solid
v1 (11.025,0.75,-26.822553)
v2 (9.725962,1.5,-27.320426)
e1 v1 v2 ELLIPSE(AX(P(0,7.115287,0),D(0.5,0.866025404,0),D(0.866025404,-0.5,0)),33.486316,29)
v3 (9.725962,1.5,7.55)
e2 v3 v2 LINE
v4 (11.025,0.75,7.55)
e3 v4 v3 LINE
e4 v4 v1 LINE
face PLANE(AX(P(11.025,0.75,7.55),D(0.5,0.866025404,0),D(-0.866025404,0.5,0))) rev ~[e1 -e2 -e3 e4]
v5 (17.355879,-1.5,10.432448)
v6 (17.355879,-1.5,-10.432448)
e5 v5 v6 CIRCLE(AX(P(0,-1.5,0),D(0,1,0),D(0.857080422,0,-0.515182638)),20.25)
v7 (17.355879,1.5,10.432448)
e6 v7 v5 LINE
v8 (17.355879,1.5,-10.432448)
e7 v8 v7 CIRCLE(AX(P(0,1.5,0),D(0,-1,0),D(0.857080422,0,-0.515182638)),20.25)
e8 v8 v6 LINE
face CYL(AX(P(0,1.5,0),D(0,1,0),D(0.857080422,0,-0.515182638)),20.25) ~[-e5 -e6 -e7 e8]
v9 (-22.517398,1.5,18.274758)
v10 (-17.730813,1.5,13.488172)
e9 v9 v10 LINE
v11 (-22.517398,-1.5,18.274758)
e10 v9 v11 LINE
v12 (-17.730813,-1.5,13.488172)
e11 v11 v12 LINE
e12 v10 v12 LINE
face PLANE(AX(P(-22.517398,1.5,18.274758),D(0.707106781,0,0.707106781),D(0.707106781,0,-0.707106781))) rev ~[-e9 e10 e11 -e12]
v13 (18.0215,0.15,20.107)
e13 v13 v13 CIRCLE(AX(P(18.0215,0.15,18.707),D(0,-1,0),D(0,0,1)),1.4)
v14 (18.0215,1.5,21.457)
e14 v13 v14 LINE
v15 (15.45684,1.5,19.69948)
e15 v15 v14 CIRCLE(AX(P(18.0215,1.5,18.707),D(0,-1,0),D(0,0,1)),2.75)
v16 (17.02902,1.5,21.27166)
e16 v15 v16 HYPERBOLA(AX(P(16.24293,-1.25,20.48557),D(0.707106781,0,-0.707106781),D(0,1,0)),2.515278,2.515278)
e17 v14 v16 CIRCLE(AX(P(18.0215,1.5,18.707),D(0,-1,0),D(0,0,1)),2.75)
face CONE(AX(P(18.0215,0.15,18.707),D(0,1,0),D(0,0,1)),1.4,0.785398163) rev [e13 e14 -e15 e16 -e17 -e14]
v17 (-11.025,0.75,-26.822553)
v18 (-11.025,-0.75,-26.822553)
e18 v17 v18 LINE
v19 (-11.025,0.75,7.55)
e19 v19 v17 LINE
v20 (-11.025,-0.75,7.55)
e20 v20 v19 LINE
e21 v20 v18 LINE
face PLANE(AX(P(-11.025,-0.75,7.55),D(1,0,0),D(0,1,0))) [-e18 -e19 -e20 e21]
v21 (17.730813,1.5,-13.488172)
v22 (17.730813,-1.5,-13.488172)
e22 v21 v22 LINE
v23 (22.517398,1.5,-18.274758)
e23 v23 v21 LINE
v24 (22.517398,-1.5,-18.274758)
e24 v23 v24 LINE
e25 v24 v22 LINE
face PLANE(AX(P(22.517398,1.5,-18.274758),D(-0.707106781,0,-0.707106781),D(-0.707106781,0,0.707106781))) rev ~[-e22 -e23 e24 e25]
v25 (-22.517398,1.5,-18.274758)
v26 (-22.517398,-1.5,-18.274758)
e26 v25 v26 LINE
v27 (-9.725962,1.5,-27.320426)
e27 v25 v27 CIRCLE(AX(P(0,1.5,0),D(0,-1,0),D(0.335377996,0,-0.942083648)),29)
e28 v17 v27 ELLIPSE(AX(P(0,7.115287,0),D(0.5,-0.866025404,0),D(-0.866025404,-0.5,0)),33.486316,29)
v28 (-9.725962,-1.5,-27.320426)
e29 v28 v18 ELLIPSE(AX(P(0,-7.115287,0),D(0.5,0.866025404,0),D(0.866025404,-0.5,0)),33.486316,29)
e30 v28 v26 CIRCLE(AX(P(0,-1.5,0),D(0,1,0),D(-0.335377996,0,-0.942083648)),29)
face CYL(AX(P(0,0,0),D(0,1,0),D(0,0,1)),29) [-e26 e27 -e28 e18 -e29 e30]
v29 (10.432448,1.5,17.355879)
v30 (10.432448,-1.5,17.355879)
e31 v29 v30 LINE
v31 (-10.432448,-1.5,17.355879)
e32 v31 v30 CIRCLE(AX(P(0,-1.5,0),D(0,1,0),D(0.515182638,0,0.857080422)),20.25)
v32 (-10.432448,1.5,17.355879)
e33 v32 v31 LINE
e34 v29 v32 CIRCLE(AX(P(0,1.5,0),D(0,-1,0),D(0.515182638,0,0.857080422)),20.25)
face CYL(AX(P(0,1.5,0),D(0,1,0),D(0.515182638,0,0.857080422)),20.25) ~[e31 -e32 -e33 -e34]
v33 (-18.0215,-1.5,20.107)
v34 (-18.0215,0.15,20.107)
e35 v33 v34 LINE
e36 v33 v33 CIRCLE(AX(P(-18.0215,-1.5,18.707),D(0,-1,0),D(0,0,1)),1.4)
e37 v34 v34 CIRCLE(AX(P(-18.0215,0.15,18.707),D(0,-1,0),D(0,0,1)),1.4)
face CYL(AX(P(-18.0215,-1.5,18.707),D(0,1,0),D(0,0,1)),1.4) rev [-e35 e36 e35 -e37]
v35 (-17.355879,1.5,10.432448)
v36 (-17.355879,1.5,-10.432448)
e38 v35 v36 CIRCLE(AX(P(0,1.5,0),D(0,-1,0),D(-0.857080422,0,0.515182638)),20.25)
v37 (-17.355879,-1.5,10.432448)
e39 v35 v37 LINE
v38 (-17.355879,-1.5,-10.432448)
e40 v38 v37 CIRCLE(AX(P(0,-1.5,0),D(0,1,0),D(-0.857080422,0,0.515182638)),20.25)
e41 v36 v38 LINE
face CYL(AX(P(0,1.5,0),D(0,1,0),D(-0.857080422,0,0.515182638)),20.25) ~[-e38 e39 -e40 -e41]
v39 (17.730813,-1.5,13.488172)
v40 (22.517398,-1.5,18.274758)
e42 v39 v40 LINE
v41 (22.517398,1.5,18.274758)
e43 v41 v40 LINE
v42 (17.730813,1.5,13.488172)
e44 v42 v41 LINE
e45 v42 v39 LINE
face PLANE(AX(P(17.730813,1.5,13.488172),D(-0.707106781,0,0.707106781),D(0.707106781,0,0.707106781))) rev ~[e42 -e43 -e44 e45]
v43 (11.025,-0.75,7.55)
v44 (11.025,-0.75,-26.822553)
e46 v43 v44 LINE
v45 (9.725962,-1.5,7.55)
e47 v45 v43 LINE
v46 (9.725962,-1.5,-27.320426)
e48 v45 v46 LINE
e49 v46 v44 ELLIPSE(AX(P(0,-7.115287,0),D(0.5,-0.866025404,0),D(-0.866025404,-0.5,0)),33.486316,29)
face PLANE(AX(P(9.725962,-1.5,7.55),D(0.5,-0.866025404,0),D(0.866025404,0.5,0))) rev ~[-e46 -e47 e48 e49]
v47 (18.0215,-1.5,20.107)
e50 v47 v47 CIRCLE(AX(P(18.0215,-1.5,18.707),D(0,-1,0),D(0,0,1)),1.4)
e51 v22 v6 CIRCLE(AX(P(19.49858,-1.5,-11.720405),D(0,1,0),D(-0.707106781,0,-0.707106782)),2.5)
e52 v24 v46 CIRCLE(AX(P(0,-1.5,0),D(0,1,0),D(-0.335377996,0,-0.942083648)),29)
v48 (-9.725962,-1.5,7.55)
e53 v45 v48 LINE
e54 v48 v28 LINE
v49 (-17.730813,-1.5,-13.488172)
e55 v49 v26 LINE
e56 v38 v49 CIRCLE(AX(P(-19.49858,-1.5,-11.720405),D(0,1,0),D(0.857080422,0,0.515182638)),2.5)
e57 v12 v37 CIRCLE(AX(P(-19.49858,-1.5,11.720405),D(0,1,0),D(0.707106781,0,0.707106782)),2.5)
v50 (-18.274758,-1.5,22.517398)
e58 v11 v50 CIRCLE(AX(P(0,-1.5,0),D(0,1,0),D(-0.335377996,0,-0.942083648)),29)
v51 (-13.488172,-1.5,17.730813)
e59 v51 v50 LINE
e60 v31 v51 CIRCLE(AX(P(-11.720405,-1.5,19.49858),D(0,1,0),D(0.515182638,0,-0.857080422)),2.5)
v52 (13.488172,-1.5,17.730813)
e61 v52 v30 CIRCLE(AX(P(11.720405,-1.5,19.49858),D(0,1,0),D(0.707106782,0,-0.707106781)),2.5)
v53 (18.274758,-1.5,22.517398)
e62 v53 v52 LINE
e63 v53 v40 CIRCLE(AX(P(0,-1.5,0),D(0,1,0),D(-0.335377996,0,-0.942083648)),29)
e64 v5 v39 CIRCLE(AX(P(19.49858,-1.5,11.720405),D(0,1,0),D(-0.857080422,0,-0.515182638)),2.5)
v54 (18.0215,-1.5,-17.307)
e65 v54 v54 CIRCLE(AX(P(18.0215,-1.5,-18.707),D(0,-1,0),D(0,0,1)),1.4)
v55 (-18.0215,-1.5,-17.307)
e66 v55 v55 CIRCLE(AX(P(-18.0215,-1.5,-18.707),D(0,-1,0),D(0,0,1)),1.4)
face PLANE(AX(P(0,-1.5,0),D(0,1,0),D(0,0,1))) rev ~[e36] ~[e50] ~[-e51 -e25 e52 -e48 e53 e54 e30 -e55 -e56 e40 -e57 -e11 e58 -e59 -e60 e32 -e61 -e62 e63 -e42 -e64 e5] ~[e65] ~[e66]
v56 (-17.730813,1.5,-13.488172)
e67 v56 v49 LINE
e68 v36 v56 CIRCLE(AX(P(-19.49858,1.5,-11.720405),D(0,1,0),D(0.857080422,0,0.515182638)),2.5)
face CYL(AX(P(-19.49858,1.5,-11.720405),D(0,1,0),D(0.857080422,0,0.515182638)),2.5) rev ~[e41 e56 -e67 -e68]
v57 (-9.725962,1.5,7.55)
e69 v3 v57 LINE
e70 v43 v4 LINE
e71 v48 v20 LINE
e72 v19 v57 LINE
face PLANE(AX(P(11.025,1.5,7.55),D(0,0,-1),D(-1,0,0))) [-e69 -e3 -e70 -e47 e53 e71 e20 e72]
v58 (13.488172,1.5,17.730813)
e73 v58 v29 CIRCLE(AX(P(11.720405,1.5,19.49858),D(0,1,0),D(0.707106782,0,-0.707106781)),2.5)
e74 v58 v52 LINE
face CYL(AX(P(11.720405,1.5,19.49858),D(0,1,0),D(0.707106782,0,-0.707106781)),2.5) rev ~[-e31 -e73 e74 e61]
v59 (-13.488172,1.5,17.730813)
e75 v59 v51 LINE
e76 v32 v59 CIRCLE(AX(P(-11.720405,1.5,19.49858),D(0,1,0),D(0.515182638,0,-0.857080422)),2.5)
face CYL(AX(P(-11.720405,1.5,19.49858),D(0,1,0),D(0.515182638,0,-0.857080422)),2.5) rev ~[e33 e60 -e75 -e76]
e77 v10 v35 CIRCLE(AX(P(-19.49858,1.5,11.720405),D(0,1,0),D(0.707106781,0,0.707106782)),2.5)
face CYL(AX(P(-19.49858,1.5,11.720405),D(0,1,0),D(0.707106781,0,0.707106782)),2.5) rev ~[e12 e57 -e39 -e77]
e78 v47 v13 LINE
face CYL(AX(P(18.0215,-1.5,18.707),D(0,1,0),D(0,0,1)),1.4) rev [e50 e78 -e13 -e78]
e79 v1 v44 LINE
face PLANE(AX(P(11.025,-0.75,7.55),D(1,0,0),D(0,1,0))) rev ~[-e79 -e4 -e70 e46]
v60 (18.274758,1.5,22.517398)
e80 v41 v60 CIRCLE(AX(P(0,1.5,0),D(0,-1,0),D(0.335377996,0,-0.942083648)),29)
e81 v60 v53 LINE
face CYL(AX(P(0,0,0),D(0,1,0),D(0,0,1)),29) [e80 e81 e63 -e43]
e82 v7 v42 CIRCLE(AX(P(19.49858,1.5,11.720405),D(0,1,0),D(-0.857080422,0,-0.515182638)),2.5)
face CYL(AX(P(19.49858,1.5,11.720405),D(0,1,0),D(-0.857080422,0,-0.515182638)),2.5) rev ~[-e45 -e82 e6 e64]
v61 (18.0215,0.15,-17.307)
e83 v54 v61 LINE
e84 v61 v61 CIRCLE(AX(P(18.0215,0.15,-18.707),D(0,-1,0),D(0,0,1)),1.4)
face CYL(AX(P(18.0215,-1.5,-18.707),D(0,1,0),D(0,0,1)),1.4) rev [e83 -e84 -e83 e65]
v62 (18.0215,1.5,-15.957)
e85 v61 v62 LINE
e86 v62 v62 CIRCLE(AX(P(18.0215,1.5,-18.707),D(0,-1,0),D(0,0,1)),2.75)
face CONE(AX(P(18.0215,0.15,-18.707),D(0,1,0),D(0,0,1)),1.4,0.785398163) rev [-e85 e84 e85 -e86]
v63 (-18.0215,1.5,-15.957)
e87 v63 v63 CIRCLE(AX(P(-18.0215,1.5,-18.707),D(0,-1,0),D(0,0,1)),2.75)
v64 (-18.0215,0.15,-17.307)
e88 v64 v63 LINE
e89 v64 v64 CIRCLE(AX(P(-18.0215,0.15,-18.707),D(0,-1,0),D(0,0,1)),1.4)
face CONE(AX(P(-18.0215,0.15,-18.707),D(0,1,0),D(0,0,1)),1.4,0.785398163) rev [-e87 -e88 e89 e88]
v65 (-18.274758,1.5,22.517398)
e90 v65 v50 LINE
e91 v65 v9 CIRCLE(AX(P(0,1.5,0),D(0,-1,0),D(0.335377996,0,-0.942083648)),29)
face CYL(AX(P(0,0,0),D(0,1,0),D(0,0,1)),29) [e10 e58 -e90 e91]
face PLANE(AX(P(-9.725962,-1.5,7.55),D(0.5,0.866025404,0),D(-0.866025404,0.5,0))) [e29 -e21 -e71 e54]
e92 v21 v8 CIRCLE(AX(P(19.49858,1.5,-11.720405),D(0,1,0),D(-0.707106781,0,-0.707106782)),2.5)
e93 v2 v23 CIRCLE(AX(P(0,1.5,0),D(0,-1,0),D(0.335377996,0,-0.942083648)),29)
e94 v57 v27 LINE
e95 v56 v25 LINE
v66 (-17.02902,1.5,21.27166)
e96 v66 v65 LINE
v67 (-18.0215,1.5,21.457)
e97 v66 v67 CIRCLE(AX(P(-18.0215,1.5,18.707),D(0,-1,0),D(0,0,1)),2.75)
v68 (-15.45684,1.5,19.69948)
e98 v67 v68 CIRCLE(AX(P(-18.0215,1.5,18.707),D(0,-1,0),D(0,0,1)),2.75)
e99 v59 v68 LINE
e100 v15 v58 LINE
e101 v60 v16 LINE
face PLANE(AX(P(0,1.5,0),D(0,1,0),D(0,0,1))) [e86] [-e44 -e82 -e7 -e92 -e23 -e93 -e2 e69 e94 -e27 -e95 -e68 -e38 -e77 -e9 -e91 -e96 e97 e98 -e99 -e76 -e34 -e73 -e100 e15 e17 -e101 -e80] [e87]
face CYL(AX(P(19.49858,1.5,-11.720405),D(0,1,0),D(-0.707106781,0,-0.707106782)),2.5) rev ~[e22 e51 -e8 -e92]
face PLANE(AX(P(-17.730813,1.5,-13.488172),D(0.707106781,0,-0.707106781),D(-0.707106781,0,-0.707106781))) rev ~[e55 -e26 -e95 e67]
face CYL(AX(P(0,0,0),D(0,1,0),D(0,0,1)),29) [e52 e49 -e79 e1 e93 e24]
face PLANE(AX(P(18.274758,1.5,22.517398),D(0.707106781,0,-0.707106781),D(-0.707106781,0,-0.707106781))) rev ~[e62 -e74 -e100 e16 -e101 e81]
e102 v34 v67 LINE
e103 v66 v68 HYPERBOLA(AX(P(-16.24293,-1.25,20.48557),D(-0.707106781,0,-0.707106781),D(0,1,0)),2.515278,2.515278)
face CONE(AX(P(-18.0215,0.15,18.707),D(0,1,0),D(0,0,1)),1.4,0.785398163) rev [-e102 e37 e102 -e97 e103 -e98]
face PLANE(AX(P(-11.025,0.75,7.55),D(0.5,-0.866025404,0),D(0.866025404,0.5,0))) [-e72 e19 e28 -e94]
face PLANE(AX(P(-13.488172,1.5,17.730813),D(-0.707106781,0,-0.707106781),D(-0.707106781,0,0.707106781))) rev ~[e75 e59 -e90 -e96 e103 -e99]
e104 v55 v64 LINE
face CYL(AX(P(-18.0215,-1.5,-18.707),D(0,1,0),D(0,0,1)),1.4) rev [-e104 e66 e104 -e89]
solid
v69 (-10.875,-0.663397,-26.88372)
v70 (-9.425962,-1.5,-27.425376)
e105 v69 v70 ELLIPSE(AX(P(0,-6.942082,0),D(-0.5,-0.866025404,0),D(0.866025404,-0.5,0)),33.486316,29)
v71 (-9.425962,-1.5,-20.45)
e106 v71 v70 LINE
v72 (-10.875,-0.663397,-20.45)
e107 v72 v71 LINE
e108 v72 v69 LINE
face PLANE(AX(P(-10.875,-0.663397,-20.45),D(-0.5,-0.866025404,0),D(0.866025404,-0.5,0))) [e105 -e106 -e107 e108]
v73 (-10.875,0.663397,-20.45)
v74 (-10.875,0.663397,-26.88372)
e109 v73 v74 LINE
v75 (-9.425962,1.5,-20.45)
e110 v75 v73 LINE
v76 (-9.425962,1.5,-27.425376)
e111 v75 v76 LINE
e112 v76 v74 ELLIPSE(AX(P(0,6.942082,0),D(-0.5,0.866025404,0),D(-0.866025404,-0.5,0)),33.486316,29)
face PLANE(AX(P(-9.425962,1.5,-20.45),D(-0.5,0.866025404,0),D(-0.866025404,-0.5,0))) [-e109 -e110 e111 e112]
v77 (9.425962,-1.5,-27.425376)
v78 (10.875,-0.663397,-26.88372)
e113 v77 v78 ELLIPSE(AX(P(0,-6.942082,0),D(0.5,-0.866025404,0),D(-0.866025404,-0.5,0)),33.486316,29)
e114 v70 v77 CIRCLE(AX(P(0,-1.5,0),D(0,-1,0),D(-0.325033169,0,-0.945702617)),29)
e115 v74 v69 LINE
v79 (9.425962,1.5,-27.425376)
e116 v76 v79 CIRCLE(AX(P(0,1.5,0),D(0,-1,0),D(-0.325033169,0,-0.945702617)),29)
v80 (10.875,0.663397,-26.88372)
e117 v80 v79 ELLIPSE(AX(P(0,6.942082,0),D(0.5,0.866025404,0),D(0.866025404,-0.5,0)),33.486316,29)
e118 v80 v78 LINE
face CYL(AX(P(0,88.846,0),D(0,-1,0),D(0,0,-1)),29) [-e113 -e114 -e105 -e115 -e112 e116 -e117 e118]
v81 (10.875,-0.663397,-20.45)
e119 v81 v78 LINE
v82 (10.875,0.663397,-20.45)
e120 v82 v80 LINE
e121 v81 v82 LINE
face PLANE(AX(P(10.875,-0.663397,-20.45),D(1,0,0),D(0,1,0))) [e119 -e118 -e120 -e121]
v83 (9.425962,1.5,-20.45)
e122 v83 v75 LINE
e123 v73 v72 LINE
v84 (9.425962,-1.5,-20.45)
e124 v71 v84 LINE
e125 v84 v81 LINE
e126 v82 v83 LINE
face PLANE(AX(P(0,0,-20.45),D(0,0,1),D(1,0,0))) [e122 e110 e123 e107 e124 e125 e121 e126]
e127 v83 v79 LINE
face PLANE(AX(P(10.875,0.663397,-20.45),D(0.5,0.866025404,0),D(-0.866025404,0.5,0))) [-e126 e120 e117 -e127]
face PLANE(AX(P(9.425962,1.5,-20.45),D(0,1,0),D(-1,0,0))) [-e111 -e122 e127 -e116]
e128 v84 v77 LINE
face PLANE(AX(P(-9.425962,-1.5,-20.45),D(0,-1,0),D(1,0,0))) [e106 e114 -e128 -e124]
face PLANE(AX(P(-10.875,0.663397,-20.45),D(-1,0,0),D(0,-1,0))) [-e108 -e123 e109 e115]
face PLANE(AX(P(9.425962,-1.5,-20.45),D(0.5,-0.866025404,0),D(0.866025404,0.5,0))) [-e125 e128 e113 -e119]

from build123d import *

# Parameters (mm, degrees)
SKETCH1_R                                      = 29
BOSS_EXTRUDE1_DEPTH                            = 1.5
CUT_EXTRUDE1_DEPTH                             = 42.12177039
BOSS_EXTRUDE2_REACH                            = 46.997
BOSS_EXTRUDE2_END_RADIUS                       = 29
BOSS_EXTRUDE3_REACH                            = 59.346
BOSS_EXTRUDE3_END_RADIUS                       = 29
CUT_EXTRUDE8_DEPTH                             = 42.12177039
CSK_FOR_M2_5_FLAT_HEAD_MACHINE_SCREW2_AT_COUNT = 2
CSK_FOR_M2_5_FLAT_HEAD_MACHINE_SCREW2_AT_PITCH = 36.043
CSK_FOR_M2_5_FLAT_HEAD_MACHINE_SCREW_2_COUNT   = 2
CSK_FOR_M2_5_FLAT_HEAD_MACHINE_SCREW_2_PITCH   = 51.950988874
CSK_FOR_M2_5_FLAT_HEAD_MACHINE_SCREW_3_COUNT   = 2
CSK_FOR_M2_5_FLAT_HEAD_MACHINE_SCREW_3_PITCH   = 37.414


with BuildPart() as part:
    # Sketch1 → Boss-Extrude1 (new, symmetric)
    with BuildSketch(Plane(origin=(0, 0, 0), x_dir=(1, 0, 0), z_dir=(0, 1, 0))):
        with Locations(Location((0, 0, 0), (0, 0, 270))):
            Circle(SKETCH1_R)
    extrude(amount=BOSS_EXTRUDE1_DEPTH, both=True)

    # Sketch2 → Cut-Extrude1 (cut, through all)
    with BuildSketch(Plane(origin=(0, 1.5, 0), x_dir=(1, 0, 0), z_dir=(0, 1, 0))):
        Polygon((-11.025, 7.55), (-11.025, 29), (11.025, 29), (11.025, 7.55), (11.025, -7.55), (-11.025, -7.55), align=None)
    extrude(amount=-CUT_EXTRUDE1_DEPTH, mode=Mode.SUBTRACT)

    # Boss-Extrude2: up to this cylinder (the profile starts inside it)
    boss_extrude2_end = Plane(origin=(0, -0.7325095, 0), z_dir=(0, -1, 0)) * Cylinder(BOSS_EXTRUDE2_END_RADIUS, 154.459019, mode=Mode.PRIVATE)
    # Sketch3 → Boss-Extrude2 (add, up to the surface)
    with BuildSketch(Plane(origin=(0, 0, 7.55), x_dir=(-1, 0, 0), z_dir=(0, 0, -1)), mode=Mode.PRIVATE) as boss_extrude2_sk1:
        Polygon((-11.525, -1.5), (-9.725961894, -1.5), (-11.025, -0.75), (-11.025, 0.75), (-9.725961894, 1.5), (-11.525, 1.5), align=None)
    boss_extrude2_tool1 = extrude(boss_extrude2_sk1.sketch, amount=BOSS_EXTRUDE2_REACH, mode=Mode.PRIVATE) & boss_extrude2_end
    add(boss_extrude2_tool1.solids().sort_by_distance((10.625481, -1.465019, 7.55))[0])
    # Sketch3 → Boss-Extrude2 (add, up to the surface)
    with BuildSketch(Plane(origin=(0, 0, 7.55), x_dir=(-1, 0, 0), z_dir=(0, 0, -1)), mode=Mode.PRIVATE) as boss_extrude2_sk2:
        Polygon((11.525, 1.5), (11.525, -1.5), (9.725961894, -1.5), (11.025, -0.75), (11.025, 0.75), (9.725961894, 1.5), align=None)
    boss_extrude2_tool2 = extrude(boss_extrude2_sk2.sketch, amount=BOSS_EXTRUDE2_REACH, mode=Mode.PRIVATE) & boss_extrude2_end
    add(boss_extrude2_tool2.solids().sort_by_distance((-11.490019, 0, 7.55))[0])

    # Sketch17 → Cut-Extrude8 (cut, through all)
    with BuildSketch(Plane(origin=(0, 1.5, 0), x_dir=(1, 0, 0), z_dir=(0, 1, 0))):
        with BuildLine():
            ThreePointArc((-22.517398398, 18.274757711), (-29, 0), (-22.517398398, -18.274757711))
            Line((-22.517398398, -18.274757711), (-17.730812648, -13.488171961))
            ThreePointArc((-17.730812648, -13.488171961), (-17.017188537, -12.024869111), (-17.355878546, -10.432448414))
            ThreePointArc((-17.355878546, -10.432448414), (-20.25, 0), (-17.355878546, 10.432448414))
            ThreePointArc((-17.355878546, 10.432448414), (-17.017188537, 12.024869111), (-17.730812648, 13.488171961))
            Line((-17.730812648, 13.488171961), (-22.517398398, 18.274757711))
        make_face()
        with BuildLine():
            ThreePointArc((-18.274757711, -22.517398398), (0, -29), (18.274757711, -22.517398398))
            Line((18.274757711, -22.517398398), (13.488171961, -17.730812648))
            ThreePointArc((13.488171961, -17.730812648), (12.024869111, -17.017188537), (10.432448414, -17.355878546))
            ThreePointArc((10.432448414, -17.355878546), (0, -20.25), (-10.432448414, -17.355878546))
            ThreePointArc((-10.432448414, -17.355878546), (-12.024869111, -17.017188537), (-13.488171961, -17.730812648))
            Line((-13.488171961, -17.730812648), (-18.274757711, -22.517398398))
        make_face()
        with BuildLine():
            Line((17.730812648, -13.488171961), (22.517398398, -18.274757711))
            ThreePointArc((22.517398398, -18.274757711), (29, 0), (22.517398398, 18.274757711))
            Line((22.517398398, 18.274757711), (17.730812648, 13.488171961))
            ThreePointArc((17.730812648, 13.488171961), (17.017188537, 12.024869111), (17.355878546, 10.432448414))
            ThreePointArc((17.355878546, 10.432448414), (20.25, 0), (17.355878546, -10.432448414))
            ThreePointArc((17.355878546, -10.432448414), (17.017188537, -12.024869111), (17.730812648, -13.488171961))
        make_face()
    extrude(amount=-CUT_EXTRUDE8_DEPTH, mode=Mode.SUBTRACT)

    # Sketch19 → CSK for M2.5 Flat Head Machine Screw2 (revolve, cut)
    with BuildSketch(Plane(origin=(-18.0215, 1.5, -18.707), x_dir=(0, 0, 1), z_dir=(1, 0, 0))):
        Polygon((0, 0), (0, 3), (1.4, 3), (1.4, 1.35), (2.75, 0), align=None)
    csk_for_m2_5_flat_head_machine_screw2 = revolve(axis=Axis((-18.0215, 7.85, -18.707), (0, -1, 0)), mode=Mode.SUBTRACT)

    # CSK for M2.5 Flat Head Machine Screw2 at: CSK for M2.5 Flat Head Machine Screw2 ×2
    with Locations(*[(i * CSK_FOR_M2_5_FLAT_HEAD_MACHINE_SCREW2_AT_PITCH, 0, 0) for i in range(1, CSK_FOR_M2_5_FLAT_HEAD_MACHINE_SCREW2_AT_COUNT)]):
        add(csk_for_m2_5_flat_head_machine_screw2, mode=Mode.SUBTRACT)

    # CSK for M2.5 Flat Head Machine Screw 2: CSK for M2.5 Flat Head Machine Screw2 ×2
    with Locations(*[Vector(0.69378852609191, 0, 0.7201787840968487) * (i * CSK_FOR_M2_5_FLAT_HEAD_MACHINE_SCREW_2_PITCH) for i in range(1, CSK_FOR_M2_5_FLAT_HEAD_MACHINE_SCREW_2_COUNT)]):
        add(csk_for_m2_5_flat_head_machine_screw2, mode=Mode.SUBTRACT)

    # CSK for M2.5 Flat Head Machine Screw 3: CSK for M2.5 Flat Head Machine Screw2 ×2
    with Locations(*[(0, 0, i * CSK_FOR_M2_5_FLAT_HEAD_MACHINE_SCREW_3_PITCH) for i in range(1, CSK_FOR_M2_5_FLAT_HEAD_MACHINE_SCREW_3_COUNT)]):
        add(csk_for_m2_5_flat_head_machine_screw2, mode=Mode.SUBTRACT)


with BuildPart() as body_2:
    # Boss-Extrude3: up to this cylinder (the profile starts inside it)
    boss_extrude3_end = Plane(origin=(0, 0, 0), z_dir=(0, -1, 0)) * Cylinder(BOSS_EXTRUDE3_END_RADIUS, 177.692, mode=Mode.PRIVATE)
    # Sketch6 → Boss-Extrude3 (new, up to the surface)
    with BuildSketch(Plane(origin=(0, 0, -20.45), x_dir=(-1, 0, 0), z_dir=(0, 0, -1)), mode=Mode.PRIVATE) as boss_extrude3_sk1:
        Polygon((9.425961894, -1.5), (-9.425961894, -1.5), (-10.875, -0.66339746), (-10.875, 0.66339746), (-9.425961894, 1.5), (9.425961894, 1.5), (10.875, 0.66339746), (10.875, -0.66339746), align=None)
    boss_extrude3_tool1 = extrude(boss_extrude3_sk1.sketch, amount=BOSS_EXTRUDE3_REACH, mode=Mode.PRIVATE) & boss_extrude3_end
    add(boss_extrude3_tool1.solids().sort_by_distance((0, 0, -20.45))[0])


solid = Compound([part.part, body_2.part])
